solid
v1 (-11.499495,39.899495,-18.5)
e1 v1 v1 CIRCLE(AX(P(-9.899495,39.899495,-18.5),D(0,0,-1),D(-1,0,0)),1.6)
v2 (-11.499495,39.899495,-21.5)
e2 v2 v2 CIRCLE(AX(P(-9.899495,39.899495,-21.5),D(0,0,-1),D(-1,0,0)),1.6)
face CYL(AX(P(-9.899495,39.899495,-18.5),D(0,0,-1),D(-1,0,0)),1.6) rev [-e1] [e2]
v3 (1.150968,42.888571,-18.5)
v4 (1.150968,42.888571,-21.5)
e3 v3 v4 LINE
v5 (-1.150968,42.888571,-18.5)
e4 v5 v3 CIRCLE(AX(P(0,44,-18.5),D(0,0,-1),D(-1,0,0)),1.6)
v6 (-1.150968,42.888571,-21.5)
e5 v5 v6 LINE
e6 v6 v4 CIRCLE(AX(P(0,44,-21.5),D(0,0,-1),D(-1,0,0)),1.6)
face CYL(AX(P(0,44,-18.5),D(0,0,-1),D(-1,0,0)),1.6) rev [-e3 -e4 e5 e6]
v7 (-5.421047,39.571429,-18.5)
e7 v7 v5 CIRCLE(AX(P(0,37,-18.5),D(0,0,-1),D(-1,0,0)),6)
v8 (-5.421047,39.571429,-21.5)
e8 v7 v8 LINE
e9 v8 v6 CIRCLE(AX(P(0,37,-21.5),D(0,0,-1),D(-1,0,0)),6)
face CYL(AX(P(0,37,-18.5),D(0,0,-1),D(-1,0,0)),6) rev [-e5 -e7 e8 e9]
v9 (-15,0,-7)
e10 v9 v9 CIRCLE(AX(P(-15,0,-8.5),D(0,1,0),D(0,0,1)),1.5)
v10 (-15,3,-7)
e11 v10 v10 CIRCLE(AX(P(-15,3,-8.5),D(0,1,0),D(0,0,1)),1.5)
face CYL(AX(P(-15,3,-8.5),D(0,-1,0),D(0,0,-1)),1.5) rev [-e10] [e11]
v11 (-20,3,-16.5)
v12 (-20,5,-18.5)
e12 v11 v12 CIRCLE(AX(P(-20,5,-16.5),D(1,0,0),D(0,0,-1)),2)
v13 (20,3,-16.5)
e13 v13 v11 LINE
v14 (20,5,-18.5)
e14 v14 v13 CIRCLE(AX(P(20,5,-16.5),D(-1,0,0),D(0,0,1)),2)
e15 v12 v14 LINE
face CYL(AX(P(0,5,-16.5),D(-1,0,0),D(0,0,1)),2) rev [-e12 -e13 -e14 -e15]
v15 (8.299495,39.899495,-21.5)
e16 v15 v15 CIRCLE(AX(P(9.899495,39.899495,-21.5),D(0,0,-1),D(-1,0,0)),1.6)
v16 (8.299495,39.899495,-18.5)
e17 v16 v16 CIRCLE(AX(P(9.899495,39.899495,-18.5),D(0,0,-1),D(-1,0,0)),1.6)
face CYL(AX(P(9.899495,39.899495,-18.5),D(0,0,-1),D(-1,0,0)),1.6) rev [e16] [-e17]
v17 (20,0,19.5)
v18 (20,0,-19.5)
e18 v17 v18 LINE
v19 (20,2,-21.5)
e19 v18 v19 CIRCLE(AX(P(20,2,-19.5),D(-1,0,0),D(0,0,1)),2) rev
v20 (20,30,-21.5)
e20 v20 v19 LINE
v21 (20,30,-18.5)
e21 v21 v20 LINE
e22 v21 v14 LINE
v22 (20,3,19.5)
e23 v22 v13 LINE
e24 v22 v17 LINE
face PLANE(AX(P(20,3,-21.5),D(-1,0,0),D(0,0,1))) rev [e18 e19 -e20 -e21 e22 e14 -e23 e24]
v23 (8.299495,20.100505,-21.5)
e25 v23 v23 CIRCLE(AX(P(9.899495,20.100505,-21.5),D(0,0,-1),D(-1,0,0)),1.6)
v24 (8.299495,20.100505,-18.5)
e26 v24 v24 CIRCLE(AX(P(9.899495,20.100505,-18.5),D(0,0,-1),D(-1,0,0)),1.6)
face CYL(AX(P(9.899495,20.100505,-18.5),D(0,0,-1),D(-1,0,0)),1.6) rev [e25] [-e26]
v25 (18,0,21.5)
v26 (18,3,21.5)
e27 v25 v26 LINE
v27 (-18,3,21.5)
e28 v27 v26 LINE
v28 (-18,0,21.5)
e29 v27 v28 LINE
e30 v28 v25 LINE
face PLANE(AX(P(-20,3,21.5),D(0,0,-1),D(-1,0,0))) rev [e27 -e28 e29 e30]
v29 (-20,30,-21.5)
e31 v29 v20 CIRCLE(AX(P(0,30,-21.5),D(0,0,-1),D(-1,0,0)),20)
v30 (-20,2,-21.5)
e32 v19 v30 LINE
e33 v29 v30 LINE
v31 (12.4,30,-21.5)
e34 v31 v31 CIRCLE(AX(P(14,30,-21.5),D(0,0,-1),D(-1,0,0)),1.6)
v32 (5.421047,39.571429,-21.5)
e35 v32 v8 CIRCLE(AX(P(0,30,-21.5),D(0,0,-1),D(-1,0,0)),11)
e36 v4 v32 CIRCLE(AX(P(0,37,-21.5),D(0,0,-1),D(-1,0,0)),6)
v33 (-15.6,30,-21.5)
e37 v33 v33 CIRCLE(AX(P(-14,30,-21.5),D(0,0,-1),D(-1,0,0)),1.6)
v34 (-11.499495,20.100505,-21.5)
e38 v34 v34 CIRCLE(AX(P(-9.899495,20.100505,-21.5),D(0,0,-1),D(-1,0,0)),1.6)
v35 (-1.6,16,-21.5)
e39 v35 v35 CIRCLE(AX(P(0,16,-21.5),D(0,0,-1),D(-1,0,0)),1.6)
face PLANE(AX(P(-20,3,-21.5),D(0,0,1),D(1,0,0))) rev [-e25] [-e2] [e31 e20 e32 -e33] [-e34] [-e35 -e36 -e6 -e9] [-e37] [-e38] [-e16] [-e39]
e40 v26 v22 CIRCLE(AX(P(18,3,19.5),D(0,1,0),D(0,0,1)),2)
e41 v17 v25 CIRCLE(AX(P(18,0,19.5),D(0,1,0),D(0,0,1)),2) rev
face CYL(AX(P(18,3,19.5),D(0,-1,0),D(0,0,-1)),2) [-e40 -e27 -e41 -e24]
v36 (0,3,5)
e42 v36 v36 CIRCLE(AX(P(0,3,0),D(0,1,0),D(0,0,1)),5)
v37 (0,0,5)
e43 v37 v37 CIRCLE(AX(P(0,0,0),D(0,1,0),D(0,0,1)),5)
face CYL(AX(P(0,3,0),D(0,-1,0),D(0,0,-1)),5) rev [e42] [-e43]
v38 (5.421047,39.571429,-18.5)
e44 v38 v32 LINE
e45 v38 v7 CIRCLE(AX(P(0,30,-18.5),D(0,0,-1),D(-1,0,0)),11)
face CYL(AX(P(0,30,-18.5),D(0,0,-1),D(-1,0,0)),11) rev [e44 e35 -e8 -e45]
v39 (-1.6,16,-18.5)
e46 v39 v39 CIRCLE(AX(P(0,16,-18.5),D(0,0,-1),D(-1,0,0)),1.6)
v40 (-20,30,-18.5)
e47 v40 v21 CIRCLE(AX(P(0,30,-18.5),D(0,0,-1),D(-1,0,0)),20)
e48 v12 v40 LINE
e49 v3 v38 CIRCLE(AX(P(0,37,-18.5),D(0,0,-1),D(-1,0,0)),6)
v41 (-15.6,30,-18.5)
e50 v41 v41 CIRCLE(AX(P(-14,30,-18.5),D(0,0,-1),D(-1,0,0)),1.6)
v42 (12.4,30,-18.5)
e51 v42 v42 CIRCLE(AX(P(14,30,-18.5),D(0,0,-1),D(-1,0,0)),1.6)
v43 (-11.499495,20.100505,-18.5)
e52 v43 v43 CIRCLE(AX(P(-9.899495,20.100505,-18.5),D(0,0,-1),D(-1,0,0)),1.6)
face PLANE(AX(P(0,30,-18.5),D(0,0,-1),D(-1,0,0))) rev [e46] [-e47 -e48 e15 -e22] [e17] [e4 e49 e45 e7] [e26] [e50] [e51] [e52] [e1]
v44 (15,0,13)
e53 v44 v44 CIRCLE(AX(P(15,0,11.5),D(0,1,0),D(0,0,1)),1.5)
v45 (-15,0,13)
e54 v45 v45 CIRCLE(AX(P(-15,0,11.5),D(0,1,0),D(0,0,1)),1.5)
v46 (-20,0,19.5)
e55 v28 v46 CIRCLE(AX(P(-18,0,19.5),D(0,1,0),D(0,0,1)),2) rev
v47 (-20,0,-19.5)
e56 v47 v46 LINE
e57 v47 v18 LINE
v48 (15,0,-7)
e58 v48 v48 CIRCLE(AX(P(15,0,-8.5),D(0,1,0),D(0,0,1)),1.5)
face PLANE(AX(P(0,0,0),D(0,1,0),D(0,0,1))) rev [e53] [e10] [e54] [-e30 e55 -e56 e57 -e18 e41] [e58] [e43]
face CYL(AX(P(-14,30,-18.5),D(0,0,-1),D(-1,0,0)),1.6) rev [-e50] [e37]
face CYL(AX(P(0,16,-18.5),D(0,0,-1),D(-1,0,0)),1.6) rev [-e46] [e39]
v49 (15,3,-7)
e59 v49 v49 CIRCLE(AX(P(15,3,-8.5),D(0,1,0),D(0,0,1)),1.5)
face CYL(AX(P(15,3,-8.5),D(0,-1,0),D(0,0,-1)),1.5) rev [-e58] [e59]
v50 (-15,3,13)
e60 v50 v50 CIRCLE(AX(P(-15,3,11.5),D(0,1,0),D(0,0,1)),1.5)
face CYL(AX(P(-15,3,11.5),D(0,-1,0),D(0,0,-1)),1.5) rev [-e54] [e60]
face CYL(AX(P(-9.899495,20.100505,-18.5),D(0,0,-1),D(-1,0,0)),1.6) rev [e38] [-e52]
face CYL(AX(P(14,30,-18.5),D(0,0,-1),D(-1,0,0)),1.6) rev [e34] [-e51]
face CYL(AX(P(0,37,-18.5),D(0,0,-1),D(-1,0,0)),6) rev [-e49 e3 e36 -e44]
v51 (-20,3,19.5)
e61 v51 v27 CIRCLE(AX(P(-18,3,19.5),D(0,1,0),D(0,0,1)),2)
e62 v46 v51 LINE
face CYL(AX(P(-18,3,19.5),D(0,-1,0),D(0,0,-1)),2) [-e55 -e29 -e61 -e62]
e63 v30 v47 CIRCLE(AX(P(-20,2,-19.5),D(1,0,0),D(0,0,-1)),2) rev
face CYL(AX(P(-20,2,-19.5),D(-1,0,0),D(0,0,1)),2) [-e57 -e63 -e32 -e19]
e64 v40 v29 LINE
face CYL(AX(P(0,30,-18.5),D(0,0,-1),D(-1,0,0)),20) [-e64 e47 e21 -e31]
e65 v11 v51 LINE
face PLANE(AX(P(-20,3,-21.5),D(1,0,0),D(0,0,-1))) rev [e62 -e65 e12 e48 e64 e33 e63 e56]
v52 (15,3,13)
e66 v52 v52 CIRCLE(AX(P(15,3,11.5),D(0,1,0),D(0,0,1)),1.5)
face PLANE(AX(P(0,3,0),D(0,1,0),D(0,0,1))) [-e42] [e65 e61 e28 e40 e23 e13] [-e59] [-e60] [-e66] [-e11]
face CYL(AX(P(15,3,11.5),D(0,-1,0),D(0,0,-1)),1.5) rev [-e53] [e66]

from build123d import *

# Parameters (mm, degrees)
SKETCH1_W           = 40
SKETCH1_H           = 43
SKETCH1_R           = 1.5
SKETCH1_R_2         = 5
BOSS_EXTRUDE1_DEPTH = 3
SKETCH3_R           = 1.6
BOSS_EXTRUDE2_DEPTH = 3
FILLET1_R           = 2


with BuildPart() as part:
    # Sketch1 → Boss-Extrude1 (new body)
    with BuildSketch(Plane(origin=(0, 0, 0), x_dir=(1, 0, 0), z_dir=(0, 1, 0))):
        Rectangle(SKETCH1_W, SKETCH1_H)
        with Locations((-15, -11.5)):
            Circle(SKETCH1_R, mode=Mode.SUBTRACT)
        with Locations((15, -11.5)):
            Circle(SKETCH1_R, mode=Mode.SUBTRACT)
        with Locations((-15, 8.5)):
            Circle(SKETCH1_R, mode=Mode.SUBTRACT)
        with Locations((15, 8.5)):
            Circle(SKETCH1_R, mode=Mode.SUBTRACT)
        Circle(SKETCH1_R_2, mode=Mode.SUBTRACT)
    extrude(amount=BOSS_EXTRUDE1_DEPTH)

    # Sketch3 → Boss-Extrude2 (add)
    with BuildSketch(Plane(origin=(0, 0, -21.5), x_dir=(-1, 0, 0), z_dir=(0, 0, -1))):
        with BuildLine():
            Line((-20, 3), (20, 3))
            Line((20, 3), (20, 30))
            ThreePointArc((20, 30), (0, 50), (-20, 30))
            Line((-20, 30), (-20, 3))
        make_face()
        with Locations((0, 16)):
            Circle(SKETCH3_R, mode=Mode.SUBTRACT)
        with Locations((-9.899494937, 20.100505063)):
            Circle(SKETCH3_R, mode=Mode.SUBTRACT)
        with Locations((-14, 30)):
            Circle(SKETCH3_R, mode=Mode.SUBTRACT)
        with Locations((-9.899494937, 39.899494937)):
            Circle(SKETCH3_R, mode=Mode.SUBTRACT)
        with Locations((9.899494937, 39.899494937)):
            Circle(SKETCH3_R, mode=Mode.SUBTRACT)
        with Locations((14, 30)):
            Circle(SKETCH3_R, mode=Mode.SUBTRACT)
        with Locations((9.899494937, 20.100505063)):
            Circle(SKETCH3_R, mode=Mode.SUBTRACT)
        with BuildLine():
            ThreePointArc((-5.421047417, 39.571428571), (0, 19), (5.421047417, 39.571428571))
            ThreePointArc((5.421047417, 39.571428571), (3.680856516, 41.738279783), (1.15096765, 42.888571429))
            ThreePointArc((1.15096765, 42.888571429), (0, 45.6), (-1.15096765, 42.888571429))
            ThreePointArc((-1.15096765, 42.888571429), (-3.680856516, 41.738279783), (-5.421047417, 39.571428571))
        make_face(mode=Mode.SUBTRACT)
    extrude(amount=-BOSS_EXTRUDE2_DEPTH)

    # Fillet1
    fillet1_edges = [part.edges().sort_by_distance(p)[0] for p in [
        (0, 3, -18.5),
        (0, 0, -21.5),
        (20, 1.5, 21.5),
        (-20, 1.5, 21.5),
    ]]
    fillet(fillet1_edges, radius=FILLET1_R)


solid = part.part
